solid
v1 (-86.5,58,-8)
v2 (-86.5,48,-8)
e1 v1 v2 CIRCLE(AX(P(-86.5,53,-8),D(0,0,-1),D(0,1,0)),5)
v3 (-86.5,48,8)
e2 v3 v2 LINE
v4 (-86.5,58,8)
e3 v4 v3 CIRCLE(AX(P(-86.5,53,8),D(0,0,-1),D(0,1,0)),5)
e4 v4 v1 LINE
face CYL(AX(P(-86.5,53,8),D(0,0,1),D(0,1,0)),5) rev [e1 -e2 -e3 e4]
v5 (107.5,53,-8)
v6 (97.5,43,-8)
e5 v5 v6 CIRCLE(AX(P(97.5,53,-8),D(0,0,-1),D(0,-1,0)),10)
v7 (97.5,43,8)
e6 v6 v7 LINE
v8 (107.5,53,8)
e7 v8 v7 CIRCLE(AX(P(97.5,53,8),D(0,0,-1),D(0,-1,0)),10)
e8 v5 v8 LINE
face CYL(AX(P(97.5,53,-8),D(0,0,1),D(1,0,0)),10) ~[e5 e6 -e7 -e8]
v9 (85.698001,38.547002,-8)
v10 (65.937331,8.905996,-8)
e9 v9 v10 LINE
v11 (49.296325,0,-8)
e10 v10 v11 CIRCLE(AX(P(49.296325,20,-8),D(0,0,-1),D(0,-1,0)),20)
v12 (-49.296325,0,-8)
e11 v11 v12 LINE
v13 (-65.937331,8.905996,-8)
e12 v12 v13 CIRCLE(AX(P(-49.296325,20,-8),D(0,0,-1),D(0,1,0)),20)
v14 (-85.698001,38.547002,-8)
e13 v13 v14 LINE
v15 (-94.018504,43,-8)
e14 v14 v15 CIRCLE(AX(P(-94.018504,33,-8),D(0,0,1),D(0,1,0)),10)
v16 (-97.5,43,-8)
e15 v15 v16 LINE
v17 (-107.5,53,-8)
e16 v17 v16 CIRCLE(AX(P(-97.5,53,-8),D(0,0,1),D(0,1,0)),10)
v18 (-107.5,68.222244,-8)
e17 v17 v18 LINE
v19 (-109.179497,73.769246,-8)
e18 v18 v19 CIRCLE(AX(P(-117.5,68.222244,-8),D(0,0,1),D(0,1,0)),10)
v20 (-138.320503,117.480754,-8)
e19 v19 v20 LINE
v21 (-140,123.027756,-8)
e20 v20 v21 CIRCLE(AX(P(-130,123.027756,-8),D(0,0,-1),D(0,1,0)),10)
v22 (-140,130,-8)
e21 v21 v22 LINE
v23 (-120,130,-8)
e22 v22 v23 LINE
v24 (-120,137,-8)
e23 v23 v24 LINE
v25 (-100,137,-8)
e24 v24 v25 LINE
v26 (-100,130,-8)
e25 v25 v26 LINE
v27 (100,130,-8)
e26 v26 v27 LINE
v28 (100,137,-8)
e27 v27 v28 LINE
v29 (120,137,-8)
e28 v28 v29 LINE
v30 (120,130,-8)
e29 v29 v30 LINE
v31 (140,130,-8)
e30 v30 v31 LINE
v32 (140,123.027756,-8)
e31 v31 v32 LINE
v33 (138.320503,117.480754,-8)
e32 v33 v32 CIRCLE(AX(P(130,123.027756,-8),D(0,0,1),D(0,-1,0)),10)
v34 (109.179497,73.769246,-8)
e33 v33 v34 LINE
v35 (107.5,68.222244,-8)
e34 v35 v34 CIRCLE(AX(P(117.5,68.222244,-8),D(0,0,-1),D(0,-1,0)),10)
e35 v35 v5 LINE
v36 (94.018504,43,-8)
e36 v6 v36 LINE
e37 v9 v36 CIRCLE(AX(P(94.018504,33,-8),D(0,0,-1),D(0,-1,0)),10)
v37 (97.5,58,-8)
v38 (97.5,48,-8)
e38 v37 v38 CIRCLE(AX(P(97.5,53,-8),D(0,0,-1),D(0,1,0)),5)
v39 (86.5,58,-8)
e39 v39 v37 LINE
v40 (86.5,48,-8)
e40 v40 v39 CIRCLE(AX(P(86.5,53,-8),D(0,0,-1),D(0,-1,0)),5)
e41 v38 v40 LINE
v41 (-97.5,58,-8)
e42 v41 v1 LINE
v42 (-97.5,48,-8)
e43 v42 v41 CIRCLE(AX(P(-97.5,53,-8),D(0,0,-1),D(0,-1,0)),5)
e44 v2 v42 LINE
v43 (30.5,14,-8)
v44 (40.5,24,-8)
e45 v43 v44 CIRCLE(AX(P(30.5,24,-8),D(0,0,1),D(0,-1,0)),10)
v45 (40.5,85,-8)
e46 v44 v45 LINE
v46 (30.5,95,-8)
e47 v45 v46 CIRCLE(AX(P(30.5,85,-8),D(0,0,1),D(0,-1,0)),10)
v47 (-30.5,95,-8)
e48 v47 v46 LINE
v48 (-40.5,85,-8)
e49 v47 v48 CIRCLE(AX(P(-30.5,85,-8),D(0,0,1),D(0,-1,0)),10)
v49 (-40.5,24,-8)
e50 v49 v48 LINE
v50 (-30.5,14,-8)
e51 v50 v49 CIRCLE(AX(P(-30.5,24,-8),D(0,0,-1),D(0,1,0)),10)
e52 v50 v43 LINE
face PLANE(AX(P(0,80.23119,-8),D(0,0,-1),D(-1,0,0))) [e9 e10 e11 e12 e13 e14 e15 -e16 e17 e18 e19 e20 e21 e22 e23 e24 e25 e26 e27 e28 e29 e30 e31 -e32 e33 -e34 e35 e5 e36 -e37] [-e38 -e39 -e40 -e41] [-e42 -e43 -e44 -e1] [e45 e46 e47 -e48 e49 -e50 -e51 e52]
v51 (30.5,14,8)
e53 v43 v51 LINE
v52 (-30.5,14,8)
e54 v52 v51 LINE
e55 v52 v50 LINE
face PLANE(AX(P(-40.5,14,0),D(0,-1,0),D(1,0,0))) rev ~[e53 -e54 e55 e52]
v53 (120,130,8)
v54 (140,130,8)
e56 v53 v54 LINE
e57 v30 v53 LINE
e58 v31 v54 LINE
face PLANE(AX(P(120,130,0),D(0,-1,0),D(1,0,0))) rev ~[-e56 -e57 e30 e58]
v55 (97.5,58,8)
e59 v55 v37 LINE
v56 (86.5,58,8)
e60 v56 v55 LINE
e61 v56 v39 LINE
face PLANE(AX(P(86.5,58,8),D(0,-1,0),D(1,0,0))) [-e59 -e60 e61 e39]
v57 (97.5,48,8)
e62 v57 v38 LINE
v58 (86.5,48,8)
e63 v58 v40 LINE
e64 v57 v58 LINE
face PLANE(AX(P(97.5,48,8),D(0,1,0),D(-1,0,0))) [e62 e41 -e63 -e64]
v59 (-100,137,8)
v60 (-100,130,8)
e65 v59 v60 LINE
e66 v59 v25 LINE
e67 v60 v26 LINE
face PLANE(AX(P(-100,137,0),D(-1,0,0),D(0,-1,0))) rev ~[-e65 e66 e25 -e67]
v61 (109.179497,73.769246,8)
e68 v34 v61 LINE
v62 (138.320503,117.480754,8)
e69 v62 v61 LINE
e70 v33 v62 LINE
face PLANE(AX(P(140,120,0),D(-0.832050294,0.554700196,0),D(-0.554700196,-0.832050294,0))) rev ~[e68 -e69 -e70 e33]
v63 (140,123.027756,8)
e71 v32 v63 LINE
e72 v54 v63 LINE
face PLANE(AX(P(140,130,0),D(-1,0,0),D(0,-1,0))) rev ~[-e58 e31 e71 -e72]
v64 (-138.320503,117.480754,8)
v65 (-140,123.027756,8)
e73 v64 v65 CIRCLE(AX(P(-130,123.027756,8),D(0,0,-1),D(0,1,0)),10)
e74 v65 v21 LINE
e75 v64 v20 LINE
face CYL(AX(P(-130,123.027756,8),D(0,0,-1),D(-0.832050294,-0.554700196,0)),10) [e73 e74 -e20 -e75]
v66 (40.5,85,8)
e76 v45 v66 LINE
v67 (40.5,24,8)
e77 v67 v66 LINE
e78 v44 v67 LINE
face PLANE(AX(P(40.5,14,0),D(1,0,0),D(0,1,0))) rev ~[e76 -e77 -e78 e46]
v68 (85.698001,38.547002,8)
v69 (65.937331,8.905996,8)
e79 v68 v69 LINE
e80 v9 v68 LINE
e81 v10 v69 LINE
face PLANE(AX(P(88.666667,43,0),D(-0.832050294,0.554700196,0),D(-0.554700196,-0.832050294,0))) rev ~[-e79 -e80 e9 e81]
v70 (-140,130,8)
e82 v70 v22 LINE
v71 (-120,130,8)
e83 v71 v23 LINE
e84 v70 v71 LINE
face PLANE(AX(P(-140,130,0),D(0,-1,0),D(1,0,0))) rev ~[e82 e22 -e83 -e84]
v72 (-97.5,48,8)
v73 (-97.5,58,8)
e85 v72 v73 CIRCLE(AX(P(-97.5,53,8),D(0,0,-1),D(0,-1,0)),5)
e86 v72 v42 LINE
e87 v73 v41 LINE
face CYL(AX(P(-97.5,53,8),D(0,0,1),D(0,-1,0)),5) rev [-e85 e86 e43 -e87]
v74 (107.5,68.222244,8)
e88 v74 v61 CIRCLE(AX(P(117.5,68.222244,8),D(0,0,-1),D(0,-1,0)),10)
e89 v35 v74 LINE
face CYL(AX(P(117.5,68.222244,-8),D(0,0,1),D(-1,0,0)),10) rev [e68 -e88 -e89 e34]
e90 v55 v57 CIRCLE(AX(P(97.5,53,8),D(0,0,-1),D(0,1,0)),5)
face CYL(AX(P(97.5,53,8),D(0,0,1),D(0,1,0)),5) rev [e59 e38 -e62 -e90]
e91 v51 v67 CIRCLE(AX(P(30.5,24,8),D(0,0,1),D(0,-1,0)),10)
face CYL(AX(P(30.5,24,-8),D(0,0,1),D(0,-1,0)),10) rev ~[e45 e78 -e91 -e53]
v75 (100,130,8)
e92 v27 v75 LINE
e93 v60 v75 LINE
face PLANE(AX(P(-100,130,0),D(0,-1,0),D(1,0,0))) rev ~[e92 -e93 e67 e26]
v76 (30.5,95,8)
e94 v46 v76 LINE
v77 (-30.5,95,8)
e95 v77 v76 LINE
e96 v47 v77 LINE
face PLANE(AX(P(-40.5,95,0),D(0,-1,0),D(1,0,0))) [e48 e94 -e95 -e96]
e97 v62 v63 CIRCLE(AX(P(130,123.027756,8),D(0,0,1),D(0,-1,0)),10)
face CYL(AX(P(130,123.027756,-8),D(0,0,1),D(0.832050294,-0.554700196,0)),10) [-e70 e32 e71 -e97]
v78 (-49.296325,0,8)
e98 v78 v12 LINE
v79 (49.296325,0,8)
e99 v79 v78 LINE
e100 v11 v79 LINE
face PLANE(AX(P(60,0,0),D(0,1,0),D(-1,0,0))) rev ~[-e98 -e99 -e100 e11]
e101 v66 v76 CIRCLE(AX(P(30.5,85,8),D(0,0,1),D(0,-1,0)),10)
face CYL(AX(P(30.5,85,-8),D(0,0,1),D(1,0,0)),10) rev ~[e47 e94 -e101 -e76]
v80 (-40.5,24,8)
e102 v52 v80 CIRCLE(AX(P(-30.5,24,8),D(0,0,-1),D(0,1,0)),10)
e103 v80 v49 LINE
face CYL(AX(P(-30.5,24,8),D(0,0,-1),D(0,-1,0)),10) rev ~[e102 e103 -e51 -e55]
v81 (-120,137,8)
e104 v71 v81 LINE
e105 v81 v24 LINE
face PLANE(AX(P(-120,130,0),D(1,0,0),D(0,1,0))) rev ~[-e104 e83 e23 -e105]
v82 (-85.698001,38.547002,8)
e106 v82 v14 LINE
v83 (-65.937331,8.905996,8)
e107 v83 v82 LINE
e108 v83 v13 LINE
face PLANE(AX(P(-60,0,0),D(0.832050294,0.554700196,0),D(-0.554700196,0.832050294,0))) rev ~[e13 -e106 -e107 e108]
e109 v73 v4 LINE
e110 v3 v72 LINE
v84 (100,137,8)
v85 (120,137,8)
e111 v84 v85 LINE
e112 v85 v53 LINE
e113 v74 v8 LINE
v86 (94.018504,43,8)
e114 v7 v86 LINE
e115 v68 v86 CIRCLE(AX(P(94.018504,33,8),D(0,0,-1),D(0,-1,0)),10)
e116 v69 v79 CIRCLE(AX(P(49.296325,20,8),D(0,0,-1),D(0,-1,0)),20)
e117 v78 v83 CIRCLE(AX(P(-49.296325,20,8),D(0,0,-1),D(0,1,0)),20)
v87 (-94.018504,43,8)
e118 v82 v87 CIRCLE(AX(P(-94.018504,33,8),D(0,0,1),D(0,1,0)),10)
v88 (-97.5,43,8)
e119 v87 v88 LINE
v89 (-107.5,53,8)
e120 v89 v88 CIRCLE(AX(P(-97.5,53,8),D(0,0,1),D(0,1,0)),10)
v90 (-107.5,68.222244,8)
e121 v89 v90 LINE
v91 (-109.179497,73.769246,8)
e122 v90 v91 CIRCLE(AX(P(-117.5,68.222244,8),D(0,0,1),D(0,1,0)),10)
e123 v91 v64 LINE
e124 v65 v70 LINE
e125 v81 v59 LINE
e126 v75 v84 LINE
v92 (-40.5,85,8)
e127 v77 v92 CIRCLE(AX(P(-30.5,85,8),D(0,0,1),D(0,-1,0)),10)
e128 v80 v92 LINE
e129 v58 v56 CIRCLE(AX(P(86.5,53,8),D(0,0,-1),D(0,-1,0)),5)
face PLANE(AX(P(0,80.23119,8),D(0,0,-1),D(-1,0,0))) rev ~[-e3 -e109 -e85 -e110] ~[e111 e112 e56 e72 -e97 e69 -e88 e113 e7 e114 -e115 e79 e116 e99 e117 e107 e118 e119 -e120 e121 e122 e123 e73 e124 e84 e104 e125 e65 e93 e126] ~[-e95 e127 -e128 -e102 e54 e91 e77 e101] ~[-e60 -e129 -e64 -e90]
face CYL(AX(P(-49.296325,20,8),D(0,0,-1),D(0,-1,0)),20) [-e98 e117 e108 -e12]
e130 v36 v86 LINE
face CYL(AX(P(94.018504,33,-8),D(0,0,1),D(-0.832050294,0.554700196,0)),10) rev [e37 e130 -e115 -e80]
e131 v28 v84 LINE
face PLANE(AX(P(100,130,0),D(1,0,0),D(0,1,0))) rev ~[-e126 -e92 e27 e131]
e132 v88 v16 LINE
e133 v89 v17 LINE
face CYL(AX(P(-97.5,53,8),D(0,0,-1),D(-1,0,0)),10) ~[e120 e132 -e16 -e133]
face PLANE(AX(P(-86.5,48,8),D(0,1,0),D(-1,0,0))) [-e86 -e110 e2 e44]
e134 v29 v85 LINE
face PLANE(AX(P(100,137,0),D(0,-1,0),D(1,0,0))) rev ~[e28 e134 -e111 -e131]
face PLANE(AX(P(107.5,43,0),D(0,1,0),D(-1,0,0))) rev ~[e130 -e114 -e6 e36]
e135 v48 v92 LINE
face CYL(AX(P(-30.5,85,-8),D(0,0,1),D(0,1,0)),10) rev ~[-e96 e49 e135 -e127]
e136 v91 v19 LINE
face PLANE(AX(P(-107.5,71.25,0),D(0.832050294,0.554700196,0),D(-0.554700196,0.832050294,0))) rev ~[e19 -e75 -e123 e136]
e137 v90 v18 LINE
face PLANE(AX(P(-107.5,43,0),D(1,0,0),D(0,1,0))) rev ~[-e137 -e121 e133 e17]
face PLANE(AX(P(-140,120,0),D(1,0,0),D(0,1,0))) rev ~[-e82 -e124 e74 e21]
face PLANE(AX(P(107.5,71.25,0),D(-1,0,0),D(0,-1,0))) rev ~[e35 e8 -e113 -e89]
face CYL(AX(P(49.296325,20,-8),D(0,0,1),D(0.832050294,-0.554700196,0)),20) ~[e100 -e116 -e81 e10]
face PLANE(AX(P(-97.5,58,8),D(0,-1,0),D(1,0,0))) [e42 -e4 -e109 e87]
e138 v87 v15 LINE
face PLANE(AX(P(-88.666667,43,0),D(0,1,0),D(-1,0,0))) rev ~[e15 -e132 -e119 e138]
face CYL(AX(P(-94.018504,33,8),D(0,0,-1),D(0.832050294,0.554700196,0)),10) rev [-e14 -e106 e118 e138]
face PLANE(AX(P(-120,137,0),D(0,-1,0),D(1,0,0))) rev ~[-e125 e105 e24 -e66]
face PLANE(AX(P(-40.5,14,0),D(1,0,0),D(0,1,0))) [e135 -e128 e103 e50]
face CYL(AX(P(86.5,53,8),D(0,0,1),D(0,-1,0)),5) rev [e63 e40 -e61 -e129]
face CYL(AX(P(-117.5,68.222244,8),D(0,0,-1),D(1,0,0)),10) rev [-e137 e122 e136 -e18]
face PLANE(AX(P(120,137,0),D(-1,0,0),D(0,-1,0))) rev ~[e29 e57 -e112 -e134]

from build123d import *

# Parameters (mm, degrees)
SKETCH_1_W          = 81
SKETCH_1_H          = 81
EXTRUDE_1_DEPTH     = 8
FILLET_1_R          = 10
CUT_EXTRUDE_1_DEPTH = 16
FILLET_2_R          = 20
FILLET_3_R          = 10


with BuildPart() as part:
    # 草图1 → 凸台-拉伸1 (new, symmetric)
    with BuildSketch(Plane.XY):
        Polygon((60, 0), (-60, 0), (-88.666666667, 43), (-107.5, 43), (-107.5, 71.25), (-140, 120), (-140, 130), (-120, 130), (-120, 137), (-100, 137), (-100, 130), (100, 130), (100, 137), (120, 137), (120, 130), (140, 130), (140, 120), (107.5, 71.25), (107.5, 43), (88.666666667, 43), align=None)
        with Locations((0, 54.5)):
            Rectangle(SKETCH_1_W, SKETCH_1_H, mode=Mode.SUBTRACT)
    extrude(amount=EXTRUDE_1_DEPTH, both=True)

    # 圆角1
    fillet_1_edges = [part.edges().sort_by_distance(p)[0] for p in [
        (-107.5, 43, 0),
        (107.5, 43, 0),
        (40.5, 14, 0),
        (40.5, 95, 0),
        (-40.5, 95, 0),
        (-40.5, 14, 0),
    ]]
    fillet(fillet_1_edges, radius=FILLET_1_R)

    # 草图2 → 切除-拉伸1 (cut)
    with BuildSketch(Plane.XY.offset(8)):
        with BuildLine():
            Line((-97.5, 58), (-86.5, 58))
            ThreePointArc((-86.5, 58), (-81.5, 53), (-86.5, 48))
            Line((-86.5, 48), (-97.5, 48))
            ThreePointArc((-97.5, 48), (-102.5, 53), (-97.5, 58))
        make_face()
        with BuildLine():
            Line((97.5, 48), (86.5, 48))
            ThreePointArc((86.5, 48), (81.5, 53), (86.5, 58))
            Line((86.5, 58), (97.5, 58))
            ThreePointArc((97.5, 58), (102.5, 53), (97.5, 48))
        make_face()
    extrude(amount=-CUT_EXTRUDE_1_DEPTH, mode=Mode.SUBTRACT)

    # 圆角2
    fillet_2_edges = [part.edges().sort_by_distance(p)[0] for p in [
        (60, 0, 0),
        (-60, 0, 0),
    ]]
    fillet(fillet_2_edges, radius=FILLET_2_R)

    # 圆角3
    fillet_3_edges = [part.edges().sort_by_distance(p)[0] for p in [
        (-88.666666667, 43, 0),
        (-107.5, 71.25, 0),
        (-140, 120, 0),
        (140, 120, 0),
        (107.5, 71.25, 0),
        (88.666666667, 43, 0),
    ]]
    fillet(fillet_3_edges, radius=FILLET_3_R)


solid = part.part
